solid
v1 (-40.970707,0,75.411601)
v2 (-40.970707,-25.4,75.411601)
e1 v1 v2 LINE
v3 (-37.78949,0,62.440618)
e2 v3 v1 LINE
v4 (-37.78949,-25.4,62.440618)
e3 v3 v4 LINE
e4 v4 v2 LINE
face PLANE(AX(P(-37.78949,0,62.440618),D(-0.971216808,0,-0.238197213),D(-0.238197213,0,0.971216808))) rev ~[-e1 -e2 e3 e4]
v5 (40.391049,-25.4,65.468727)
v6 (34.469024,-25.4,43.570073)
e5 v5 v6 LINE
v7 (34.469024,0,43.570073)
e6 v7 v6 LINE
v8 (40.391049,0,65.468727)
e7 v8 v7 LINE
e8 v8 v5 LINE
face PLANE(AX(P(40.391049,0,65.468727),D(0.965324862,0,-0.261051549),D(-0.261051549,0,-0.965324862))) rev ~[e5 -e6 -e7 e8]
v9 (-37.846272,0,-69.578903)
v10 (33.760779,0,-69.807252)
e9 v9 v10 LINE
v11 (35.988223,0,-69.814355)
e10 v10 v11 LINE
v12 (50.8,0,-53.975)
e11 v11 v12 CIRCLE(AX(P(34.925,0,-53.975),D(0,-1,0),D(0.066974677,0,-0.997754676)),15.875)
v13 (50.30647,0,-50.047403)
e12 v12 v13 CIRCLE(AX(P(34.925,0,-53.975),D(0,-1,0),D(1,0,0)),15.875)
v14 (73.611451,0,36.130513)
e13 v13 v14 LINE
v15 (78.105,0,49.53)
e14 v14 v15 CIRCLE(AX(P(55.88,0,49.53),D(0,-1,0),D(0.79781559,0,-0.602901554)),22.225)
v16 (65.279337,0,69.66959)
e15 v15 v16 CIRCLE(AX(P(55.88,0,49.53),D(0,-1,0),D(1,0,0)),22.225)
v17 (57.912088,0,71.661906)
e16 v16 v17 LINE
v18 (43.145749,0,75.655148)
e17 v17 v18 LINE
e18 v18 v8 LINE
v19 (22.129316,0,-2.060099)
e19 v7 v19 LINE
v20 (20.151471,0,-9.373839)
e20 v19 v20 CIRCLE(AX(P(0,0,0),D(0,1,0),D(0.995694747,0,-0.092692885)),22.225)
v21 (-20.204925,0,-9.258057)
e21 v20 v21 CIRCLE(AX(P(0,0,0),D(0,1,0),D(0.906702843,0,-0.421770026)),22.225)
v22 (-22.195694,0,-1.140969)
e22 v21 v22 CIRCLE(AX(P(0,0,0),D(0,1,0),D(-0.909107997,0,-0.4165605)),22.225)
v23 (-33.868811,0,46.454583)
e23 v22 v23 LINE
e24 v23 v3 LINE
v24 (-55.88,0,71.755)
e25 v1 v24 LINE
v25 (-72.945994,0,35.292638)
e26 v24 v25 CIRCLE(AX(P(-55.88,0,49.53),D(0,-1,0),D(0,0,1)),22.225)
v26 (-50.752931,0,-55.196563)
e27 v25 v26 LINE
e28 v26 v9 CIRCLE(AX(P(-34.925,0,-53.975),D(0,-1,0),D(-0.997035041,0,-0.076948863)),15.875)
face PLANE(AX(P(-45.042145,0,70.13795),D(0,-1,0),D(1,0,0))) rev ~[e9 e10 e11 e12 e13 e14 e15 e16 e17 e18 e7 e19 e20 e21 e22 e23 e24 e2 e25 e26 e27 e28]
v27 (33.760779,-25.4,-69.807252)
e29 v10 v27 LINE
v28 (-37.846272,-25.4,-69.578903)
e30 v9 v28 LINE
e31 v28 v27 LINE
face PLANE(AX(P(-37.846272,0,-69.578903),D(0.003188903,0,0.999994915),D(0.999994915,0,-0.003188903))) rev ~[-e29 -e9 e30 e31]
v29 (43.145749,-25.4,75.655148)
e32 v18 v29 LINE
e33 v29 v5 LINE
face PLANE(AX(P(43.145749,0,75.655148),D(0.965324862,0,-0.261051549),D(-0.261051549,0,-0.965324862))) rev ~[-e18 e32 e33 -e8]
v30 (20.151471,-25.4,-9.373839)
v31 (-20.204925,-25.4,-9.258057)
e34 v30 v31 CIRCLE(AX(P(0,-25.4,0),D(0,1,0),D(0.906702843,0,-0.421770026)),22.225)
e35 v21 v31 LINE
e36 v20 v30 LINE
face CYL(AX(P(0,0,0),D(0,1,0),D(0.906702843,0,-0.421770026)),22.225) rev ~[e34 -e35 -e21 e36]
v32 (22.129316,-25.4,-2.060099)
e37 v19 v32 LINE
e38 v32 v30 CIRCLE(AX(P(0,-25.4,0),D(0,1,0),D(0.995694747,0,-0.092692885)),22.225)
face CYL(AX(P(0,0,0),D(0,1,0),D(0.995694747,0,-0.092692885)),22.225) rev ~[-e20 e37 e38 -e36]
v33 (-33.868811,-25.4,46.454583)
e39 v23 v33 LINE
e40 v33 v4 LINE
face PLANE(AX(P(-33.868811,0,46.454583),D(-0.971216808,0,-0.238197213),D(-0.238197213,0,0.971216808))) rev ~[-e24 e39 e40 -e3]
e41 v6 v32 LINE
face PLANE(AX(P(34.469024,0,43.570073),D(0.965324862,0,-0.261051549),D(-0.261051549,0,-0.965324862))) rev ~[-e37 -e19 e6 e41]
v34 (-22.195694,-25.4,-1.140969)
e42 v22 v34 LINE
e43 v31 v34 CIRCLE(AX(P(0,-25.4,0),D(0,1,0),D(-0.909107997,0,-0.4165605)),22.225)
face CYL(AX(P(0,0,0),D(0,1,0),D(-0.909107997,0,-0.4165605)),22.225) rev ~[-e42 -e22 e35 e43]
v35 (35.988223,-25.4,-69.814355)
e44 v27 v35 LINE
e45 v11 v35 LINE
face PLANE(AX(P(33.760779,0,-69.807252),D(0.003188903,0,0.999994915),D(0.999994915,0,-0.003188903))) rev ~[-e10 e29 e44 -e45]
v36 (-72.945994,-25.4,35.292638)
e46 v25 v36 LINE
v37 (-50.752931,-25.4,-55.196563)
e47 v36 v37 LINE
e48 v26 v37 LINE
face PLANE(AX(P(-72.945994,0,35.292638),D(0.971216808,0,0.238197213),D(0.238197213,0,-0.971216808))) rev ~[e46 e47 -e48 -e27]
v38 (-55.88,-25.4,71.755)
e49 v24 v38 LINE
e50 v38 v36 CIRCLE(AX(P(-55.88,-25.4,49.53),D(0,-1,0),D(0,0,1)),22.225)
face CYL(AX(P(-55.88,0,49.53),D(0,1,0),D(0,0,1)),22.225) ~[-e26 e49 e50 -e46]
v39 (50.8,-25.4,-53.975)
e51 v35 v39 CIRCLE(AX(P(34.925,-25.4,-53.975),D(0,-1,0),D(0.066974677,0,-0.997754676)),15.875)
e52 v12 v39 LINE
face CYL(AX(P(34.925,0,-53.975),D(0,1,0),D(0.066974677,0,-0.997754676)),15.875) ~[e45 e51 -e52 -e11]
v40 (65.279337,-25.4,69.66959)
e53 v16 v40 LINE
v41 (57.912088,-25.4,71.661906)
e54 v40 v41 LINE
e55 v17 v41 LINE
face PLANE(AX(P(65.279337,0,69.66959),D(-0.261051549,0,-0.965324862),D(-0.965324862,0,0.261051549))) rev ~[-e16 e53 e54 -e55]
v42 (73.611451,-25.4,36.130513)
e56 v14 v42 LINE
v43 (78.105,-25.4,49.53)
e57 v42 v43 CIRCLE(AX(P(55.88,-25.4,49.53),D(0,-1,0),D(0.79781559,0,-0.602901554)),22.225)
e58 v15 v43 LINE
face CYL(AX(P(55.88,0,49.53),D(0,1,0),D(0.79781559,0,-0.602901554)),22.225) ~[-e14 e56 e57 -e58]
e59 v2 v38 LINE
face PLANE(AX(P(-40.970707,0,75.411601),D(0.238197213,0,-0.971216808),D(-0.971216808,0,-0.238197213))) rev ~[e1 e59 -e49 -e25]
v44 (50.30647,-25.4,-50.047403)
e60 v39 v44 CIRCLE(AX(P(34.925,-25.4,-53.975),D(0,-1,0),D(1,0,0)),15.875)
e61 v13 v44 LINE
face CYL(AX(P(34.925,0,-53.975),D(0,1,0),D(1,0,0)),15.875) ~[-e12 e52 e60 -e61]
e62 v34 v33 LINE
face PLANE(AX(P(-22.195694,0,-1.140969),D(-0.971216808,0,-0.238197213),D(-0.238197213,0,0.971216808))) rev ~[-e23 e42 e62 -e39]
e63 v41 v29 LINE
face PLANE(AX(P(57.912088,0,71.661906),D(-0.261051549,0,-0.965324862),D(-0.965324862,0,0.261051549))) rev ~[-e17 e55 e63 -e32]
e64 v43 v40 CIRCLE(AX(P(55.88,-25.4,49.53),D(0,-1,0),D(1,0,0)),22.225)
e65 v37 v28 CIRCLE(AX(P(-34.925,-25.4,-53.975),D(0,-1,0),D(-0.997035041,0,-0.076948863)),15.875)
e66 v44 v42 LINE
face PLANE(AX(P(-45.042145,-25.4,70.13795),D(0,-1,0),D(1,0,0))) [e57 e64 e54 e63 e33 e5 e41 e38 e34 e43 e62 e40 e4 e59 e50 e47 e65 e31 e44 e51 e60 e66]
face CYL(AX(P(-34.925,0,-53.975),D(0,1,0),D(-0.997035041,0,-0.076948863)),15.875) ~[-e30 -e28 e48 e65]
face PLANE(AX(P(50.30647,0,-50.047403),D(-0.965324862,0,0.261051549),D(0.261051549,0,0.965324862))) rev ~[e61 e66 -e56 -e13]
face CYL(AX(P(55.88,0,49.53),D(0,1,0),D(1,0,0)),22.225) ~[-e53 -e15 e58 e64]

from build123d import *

# Parameters (mm, degrees)
F1_DEPTH = 25.4


with BuildPart() as f1:
    # F0 (on Front) → F1 (new body)
    with BuildSketch(Plane.XZ):
        with BuildLine():
            ThreePointArc((-55.88, 71.755), (-45.7062069243, 69.2896700239), (-37.7894898478, 62.4406183985))
            Line((-37.7894898478, 62.4406183985), (-40.9707072614, 75.4116006232))
            Line((-40.9707072614, 75.4116006232), (-55.88, 71.755))
        make_face()
        with BuildLine():
            ThreePointArc((20.1514706795, -9.3738388323), (-0.0637628383, -22.224908533), (-20.2049252332, -9.2580571029))
            ThreePointArc((-20.2049252332, -9.2580571029), (-21.5852935507, -5.293933068), (-22.1956935913, -1.1409693254))
            Line((-22.1956935913, -1.1409693254), (-33.8688111264, 46.4545830573))
            ThreePointArc((-33.8688111264, 46.4545830573), (-49.7758218318, 28.1597020636), (-72.9459940838, 35.2926382032))
            Line((-72.9459940838, 35.2926382032), (-50.7529312723, -55.1965631947))
            ThreePointArc((-50.7529312723, -55.1965631947), (-35.536234837, -38.1117715463), (-19.05, -53.975))
            ThreePointArc((-19.05, -53.975), (-22.7428404887, -64.153929936), (-32.1033057816, -69.5972170878))
            Line((-32.1033057816, -69.5972170878), (33.760778806, -69.8072523354))
            ThreePointArc((33.760778806, -69.8072523354), (22.7534984393, -43.7833281666), (50.3064695665, -50.0474029008))
            Line((50.3064695665, -50.0474029008), (73.6114514871, 36.1305129516))
            ThreePointArc((73.6114514871, 36.1305129516), (51.7301219198, 27.695872197), (34.4690239948, 43.5700728609))
            Line((34.4690239948, 43.5700728609), (22.1293157515, -2.0600993596))
            ThreePointArc((22.1293157515, -2.0600993596), (21.4543450512, -5.8018706833), (20.1514706795, -9.3738388323))
        make_face()
        with BuildLine():
            Line((43.1457490814, 75.6551475002), (40.391048509, 65.4687266339))
            ThreePointArc((40.391048509, 65.4687266339), (48.4732019865, 70.4844737034), (57.912088459, 71.6619055098))
            Line((57.912088459, 71.6619055098), (43.1457490814, 75.6551475002))
        make_face()
        with BuildLine():
            Line((40.391048509, 65.4687266339), (34.4690239948, 43.5700728609))
            ThreePointArc((34.4690239948, 43.5700728609), (51.7301219198, 27.695872197), (73.6114514871, 36.1305129516))
            ThreePointArc((73.6114514871, 36.1305129516), (76.9516887589, 42.4635611621), (78.105, 49.53))
            ThreePointArc((78.105, 49.53), (74.6263449007, 61.4683909244), (65.2793372, 69.6695899958))
            Line((65.2793372, 69.6695899958), (57.912088459, 71.6619055098))
            ThreePointArc((57.912088459, 71.6619055098), (48.4732019865, 70.4844737034), (40.391048509, 65.4687266339))
        make_face()
        with BuildLine():
            ThreePointArc((50.8, -53.975), (50.6761341555, -51.9957582726), (50.3064695665, -50.0474029008))
            ThreePointArc((50.3064695665, -50.0474029008), (22.7534984393, -43.7833281666), (33.760778806, -69.8072523354))
            Line((33.760778806, -69.8072523354), (35.988222994, -69.8143554751))
            ThreePointArc((35.988222994, -69.8143554751), (46.5201345406, -64.8178999804), (50.8, -53.975))
        make_face()
        with BuildLine():
            ThreePointArc((-19.05, -53.975), (-35.536234837, -38.1117715463), (-50.7529312723, -55.1965631947))
            ThreePointArc((-50.7529312723, -55.1965631947), (-46.7400785083, -64.577808347), (-37.8462717948, -69.5789032329))
            Line((-37.8462717948, -69.5789032329), (-32.1033057816, -69.5972170878))
            ThreePointArc((-32.1033057816, -69.5972170878), (-22.7428404887, -64.153929936), (-19.05, -53.975))
        make_face()
        with BuildLine():
            ThreePointArc((-72.9459940838, 35.2926382032), (-49.7758218318, 28.1597020636), (-33.8688111264, 46.4545830573))
            Line((-33.8688111264, 46.4545830573), (-37.7894898478, 62.4406183985))
            ThreePointArc((-37.7894898478, 62.4406183985), (-45.7062069243, 69.2896700239), (-55.88, 71.755))
            ThreePointArc((-55.88, 71.755), (-76.0092820405, 58.9513921229), (-72.9459940838, 35.2926382032))
        make_face()
    extrude(amount=F1_DEPTH)


solid = f1.part
